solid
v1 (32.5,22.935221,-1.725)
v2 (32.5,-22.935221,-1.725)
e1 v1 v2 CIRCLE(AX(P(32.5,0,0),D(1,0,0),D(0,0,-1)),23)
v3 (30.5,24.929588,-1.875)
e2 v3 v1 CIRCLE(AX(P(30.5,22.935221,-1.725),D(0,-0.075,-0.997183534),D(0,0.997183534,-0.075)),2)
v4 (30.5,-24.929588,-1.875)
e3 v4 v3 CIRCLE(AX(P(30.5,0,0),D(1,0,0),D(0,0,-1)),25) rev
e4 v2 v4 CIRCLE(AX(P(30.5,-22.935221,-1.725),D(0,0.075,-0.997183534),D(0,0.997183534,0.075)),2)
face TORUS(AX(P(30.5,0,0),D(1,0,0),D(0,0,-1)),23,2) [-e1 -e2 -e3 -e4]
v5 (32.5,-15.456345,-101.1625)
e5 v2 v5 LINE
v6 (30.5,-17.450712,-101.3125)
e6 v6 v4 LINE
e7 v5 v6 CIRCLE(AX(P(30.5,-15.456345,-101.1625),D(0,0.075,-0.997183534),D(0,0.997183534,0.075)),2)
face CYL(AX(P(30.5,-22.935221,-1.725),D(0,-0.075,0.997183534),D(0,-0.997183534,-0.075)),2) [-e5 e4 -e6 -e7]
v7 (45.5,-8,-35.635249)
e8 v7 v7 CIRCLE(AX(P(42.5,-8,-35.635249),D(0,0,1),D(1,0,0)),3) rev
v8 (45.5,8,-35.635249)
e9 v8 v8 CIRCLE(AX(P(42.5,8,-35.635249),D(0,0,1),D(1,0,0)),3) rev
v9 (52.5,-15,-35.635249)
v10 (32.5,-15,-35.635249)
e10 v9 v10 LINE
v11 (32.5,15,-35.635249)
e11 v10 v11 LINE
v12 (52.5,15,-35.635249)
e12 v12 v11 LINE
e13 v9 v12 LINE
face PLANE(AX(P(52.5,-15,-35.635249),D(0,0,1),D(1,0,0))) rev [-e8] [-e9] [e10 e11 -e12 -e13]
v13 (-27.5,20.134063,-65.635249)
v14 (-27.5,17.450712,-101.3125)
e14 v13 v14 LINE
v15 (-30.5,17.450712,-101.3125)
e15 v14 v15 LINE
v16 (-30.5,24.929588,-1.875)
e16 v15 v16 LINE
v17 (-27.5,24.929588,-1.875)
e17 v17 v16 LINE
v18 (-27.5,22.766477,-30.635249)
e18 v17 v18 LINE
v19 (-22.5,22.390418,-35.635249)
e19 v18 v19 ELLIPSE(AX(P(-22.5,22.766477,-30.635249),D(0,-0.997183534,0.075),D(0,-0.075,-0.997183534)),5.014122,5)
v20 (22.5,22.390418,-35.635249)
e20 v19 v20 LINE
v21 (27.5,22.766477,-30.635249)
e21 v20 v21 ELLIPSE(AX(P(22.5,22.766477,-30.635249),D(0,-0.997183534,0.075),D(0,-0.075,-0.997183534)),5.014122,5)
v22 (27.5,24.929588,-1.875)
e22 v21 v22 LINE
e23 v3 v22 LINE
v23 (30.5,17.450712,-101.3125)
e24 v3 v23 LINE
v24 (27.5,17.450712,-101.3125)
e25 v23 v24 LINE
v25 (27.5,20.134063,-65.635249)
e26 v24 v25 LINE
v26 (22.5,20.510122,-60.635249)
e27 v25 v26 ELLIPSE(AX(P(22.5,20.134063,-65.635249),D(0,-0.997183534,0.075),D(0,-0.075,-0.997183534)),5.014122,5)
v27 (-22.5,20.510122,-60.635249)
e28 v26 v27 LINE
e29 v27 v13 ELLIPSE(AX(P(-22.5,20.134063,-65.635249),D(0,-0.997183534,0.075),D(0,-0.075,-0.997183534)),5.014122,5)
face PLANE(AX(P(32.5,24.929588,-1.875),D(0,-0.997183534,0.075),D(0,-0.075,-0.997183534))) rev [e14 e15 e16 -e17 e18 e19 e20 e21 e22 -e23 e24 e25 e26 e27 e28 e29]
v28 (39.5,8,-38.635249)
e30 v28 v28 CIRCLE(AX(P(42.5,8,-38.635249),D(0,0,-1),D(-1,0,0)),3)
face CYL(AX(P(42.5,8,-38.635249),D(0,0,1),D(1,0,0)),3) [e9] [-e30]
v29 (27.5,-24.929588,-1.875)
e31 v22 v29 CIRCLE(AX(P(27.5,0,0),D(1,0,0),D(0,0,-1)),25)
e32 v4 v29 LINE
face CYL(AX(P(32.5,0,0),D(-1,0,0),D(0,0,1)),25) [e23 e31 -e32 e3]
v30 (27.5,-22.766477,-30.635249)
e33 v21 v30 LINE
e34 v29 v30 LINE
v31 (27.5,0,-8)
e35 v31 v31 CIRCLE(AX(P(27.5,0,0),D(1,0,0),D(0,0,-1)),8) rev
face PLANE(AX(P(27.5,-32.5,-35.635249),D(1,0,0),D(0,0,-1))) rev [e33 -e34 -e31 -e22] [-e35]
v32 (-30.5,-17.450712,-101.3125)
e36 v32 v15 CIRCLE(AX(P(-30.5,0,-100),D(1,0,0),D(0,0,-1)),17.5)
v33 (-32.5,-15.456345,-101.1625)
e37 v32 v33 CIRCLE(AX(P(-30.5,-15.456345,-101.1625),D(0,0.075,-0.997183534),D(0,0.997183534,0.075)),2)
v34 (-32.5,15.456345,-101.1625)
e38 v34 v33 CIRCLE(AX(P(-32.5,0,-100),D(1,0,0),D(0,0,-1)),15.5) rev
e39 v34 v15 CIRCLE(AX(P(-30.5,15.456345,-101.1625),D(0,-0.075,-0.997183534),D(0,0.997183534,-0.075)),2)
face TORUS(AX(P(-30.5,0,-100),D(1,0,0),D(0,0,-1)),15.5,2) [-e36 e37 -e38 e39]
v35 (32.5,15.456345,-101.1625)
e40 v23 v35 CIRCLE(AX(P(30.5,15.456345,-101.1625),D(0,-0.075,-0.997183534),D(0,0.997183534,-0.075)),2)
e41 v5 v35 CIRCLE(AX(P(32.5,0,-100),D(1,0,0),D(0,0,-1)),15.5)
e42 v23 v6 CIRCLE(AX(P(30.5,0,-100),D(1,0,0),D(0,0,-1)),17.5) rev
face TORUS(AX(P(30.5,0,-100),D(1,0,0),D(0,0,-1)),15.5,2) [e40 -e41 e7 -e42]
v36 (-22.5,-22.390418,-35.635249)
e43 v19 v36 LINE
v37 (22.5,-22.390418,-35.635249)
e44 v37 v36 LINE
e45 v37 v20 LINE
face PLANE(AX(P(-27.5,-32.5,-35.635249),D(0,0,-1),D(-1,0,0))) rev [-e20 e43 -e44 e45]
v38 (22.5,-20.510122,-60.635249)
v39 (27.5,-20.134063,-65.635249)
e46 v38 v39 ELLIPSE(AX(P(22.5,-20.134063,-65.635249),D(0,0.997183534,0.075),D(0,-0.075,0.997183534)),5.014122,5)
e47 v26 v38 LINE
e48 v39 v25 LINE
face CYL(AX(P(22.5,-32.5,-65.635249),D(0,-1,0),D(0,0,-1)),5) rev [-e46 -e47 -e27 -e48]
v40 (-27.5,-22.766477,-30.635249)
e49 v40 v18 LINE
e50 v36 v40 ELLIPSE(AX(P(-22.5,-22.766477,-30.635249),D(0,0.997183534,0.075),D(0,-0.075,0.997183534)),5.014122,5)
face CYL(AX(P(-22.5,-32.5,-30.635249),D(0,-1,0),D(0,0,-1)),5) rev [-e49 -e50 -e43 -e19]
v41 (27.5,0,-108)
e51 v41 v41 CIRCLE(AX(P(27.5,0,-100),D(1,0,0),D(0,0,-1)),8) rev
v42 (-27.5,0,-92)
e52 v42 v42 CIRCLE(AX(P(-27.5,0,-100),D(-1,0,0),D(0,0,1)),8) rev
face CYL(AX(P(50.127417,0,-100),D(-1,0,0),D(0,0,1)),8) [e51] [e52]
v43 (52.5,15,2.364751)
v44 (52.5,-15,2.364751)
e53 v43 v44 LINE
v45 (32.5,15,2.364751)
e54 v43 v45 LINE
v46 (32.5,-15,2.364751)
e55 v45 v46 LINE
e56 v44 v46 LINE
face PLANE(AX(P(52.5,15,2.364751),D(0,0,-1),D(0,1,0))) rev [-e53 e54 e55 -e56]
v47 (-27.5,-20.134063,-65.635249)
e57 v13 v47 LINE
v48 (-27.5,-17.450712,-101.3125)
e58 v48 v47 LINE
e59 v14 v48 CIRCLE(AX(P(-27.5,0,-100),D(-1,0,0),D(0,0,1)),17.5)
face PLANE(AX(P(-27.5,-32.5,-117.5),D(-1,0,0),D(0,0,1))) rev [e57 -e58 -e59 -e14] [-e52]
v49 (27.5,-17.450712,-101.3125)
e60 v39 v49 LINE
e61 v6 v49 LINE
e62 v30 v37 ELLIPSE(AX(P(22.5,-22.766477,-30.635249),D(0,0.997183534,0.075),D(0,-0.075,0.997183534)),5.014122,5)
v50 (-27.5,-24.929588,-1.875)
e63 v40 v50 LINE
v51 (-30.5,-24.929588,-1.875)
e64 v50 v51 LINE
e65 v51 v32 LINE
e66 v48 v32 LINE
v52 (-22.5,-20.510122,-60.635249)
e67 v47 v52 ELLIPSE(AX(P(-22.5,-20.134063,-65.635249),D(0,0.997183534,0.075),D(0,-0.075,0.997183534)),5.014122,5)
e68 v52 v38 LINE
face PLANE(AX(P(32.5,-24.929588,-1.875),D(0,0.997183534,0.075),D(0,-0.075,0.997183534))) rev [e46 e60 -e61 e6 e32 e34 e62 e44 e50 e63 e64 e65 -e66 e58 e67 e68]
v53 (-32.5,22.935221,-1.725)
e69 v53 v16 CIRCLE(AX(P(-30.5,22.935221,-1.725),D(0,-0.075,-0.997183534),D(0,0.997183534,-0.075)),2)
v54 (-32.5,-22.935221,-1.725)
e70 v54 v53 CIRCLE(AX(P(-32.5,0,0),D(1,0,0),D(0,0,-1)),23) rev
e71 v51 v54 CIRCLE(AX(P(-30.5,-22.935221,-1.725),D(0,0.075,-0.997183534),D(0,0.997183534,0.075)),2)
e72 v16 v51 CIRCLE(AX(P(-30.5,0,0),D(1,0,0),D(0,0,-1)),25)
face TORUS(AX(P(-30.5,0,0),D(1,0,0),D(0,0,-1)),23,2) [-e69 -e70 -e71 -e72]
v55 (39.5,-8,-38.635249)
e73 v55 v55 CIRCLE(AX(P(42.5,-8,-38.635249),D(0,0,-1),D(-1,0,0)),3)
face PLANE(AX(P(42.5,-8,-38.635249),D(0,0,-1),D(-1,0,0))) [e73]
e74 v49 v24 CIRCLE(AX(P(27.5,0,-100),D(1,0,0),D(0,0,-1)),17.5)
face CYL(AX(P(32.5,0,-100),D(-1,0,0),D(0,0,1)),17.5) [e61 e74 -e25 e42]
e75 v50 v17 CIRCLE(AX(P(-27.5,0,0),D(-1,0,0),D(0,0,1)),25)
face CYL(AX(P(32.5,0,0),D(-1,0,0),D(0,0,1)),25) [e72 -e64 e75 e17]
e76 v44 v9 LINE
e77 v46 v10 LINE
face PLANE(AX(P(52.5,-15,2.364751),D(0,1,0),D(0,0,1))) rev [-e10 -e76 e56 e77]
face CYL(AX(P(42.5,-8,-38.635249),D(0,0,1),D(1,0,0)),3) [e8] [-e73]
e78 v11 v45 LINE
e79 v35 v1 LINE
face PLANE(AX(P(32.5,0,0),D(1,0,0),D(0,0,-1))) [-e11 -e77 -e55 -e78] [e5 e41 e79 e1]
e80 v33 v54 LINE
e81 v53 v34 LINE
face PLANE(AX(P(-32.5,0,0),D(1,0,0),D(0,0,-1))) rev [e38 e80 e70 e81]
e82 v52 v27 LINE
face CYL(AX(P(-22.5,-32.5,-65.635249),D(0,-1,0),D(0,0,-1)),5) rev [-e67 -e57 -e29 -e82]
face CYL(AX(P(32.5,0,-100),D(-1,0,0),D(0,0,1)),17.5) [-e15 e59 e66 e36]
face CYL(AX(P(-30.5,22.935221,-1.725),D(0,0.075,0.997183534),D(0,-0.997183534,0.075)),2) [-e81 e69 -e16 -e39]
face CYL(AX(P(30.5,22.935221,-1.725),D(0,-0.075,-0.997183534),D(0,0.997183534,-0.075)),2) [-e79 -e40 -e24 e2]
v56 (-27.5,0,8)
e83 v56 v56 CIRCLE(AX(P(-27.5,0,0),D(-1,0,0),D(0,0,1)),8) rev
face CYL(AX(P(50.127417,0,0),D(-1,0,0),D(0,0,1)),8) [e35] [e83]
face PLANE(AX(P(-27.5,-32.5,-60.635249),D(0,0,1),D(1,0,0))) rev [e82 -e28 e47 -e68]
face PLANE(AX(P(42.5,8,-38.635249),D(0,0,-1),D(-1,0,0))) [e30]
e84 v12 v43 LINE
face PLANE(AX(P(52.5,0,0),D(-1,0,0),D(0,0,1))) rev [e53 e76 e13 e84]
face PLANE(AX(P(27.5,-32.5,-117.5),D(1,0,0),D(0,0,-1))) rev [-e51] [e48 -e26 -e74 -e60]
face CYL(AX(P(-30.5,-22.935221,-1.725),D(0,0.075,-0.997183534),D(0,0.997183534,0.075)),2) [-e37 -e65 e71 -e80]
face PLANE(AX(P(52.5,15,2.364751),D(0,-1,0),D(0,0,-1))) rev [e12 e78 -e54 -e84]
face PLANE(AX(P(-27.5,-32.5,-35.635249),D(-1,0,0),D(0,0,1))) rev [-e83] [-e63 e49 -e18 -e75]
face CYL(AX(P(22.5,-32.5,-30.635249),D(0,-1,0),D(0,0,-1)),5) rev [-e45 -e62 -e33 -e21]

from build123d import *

# Parameters (mm, degrees)
BOSS_EXTRUDE1_DEPTH = 32.5
SKETCH2_W           = 55
SKETCH2_H           = 56.864750755
SKETCH2_H_2         = 60.635249245
CUT_EXTRUDE1_DEPTH  = 32.5
SKETCH4_R           = 8
BOSS_EXTRUDE2_DEPTH = 55
SKETCH5_W           = 38
SKETCH5_H           = 30
BOSS_EXTRUDE3_DEPTH = 20
SKETCH6_R           = 3
BOSS_EXTRUDE4_DEPTH = 3
FILLET1_R           = 2
FILLET3_R           = 2
FILLET5_R           = 5
FILLET6_R           = 5
FILLET7_R           = 5
FILLET8_R           = 5


with BuildPart() as part:
    # Sketch1 → Boss-Extrude1 (new body, symmetric)
    with BuildSketch(Plane(origin=(0, 0, 0), x_dir=(0, 0, -1), z_dir=(1, 0, 0))):
        with BuildLine():
            Line((1.875, -24.929588344), (101.3125, -17.450711841))
            ThreePointArc((101.3125, -17.450711841), (117.5, 0), (101.3125, 17.450711841))
            Line((101.3125, 17.450711841), (1.875, 24.929588344))
            ThreePointArc((1.875, 24.929588344), (-25, 0), (1.875, -24.929588344))
        make_face()
    extrude(amount=BOSS_EXTRUDE1_DEPTH, both=True)

    # Sketch2 → Cut-Extrude1 (cut, symmetric)
    with BuildSketch(Plane(origin=(0, 0, 0), x_dir=(1, 0, 0), z_dir=(0, 1, 0))):
        with Locations((0, 89.067624623)):
            Rectangle(SKETCH2_W, SKETCH2_H)
        with Locations((0, 5.317624623)):
            Rectangle(SKETCH2_W, SKETCH2_H_2)
    extrude(amount=CUT_EXTRUDE1_DEPTH, both=True, mode=Mode.SUBTRACT)

    # Sketch4 → Boss-Extrude2 (add)
    with BuildSketch(Plane(origin=(-27.5, 0, 0), x_dir=(0, 0, -1), z_dir=(1, 0, 0))):
        Circle(SKETCH4_R)
        with Locations((100, 0)):
            Circle(SKETCH4_R)
    extrude(amount=BOSS_EXTRUDE2_DEPTH)

    # Sketch5 → Boss-Extrude3 (add)
    with BuildSketch(Plane(origin=(32.5, 0, 0), x_dir=(0, 0, -1), z_dir=(1, 0, 0))):
        with Locations((16.635249245, 0)):
            Rectangle(SKETCH5_W, SKETCH5_H)
    extrude(amount=BOSS_EXTRUDE3_DEPTH)

    # Sketch6 → Boss-Extrude4 (add)
    with BuildSketch(Plane(origin=(0, 0, -35.635249245), x_dir=(-1, 0, 0), z_dir=(0, 0, -1))):
        with Locations((-42.5, 8)):
            Circle(SKETCH6_R)
        with Locations((-42.5, -8)):
            Circle(SKETCH6_R)
    extrude(amount=BOSS_EXTRUDE4_DEPTH)

    # Fillet1
    fillet1_edges = [part.edges().sort_by_distance(p)[0] for p in [
        (32.5, 0, -117.5),
        (32.5, 21.190150092, -51.59375),
        (32.5, 0, 25),
        (32.5, -21.190150092, -51.59375),
    ]]
    fillet(fillet1_edges, radius=FILLET1_R)

    # Fillet3
    fillet3_edges = [part.edges().sort_by_distance(p)[0] for p in [
        (-32.5, 21.190150092, -51.59375),
        (-32.5, 0, -117.5),
        (-32.5, -21.190150092, -51.59375),
        (-32.5, 0, 25),
    ]]
    fillet(fillet3_edges, radius=FILLET3_R)

    # Fillet5
    fillet5_edges = [part.edges().sort_by_distance(p)[0] for p in [
        (27.5, 0, -60.635249245),
    ]]
    fillet(fillet5_edges, radius=FILLET5_R)

    # Fillet6
    fillet6_edges = [part.edges().sort_by_distance(p)[0] for p in [
        (-27.5, 0, -60.635249245),
    ]]
    fillet(fillet6_edges, radius=FILLET6_R)

    # Fillet7
    fillet7_edges = [part.edges().sort_by_distance(p)[0] for p in [
        (-27.5, 0, -35.635249245),
    ]]
    fillet(fillet7_edges, radius=FILLET7_R)

    # Fillet8
    fillet8_edges = [part.edges().sort_by_distance(p)[0] for p in [
        (27.5, 0, -35.635249245),
    ]]
    fillet(fillet8_edges, radius=FILLET8_R)


solid = part.part
